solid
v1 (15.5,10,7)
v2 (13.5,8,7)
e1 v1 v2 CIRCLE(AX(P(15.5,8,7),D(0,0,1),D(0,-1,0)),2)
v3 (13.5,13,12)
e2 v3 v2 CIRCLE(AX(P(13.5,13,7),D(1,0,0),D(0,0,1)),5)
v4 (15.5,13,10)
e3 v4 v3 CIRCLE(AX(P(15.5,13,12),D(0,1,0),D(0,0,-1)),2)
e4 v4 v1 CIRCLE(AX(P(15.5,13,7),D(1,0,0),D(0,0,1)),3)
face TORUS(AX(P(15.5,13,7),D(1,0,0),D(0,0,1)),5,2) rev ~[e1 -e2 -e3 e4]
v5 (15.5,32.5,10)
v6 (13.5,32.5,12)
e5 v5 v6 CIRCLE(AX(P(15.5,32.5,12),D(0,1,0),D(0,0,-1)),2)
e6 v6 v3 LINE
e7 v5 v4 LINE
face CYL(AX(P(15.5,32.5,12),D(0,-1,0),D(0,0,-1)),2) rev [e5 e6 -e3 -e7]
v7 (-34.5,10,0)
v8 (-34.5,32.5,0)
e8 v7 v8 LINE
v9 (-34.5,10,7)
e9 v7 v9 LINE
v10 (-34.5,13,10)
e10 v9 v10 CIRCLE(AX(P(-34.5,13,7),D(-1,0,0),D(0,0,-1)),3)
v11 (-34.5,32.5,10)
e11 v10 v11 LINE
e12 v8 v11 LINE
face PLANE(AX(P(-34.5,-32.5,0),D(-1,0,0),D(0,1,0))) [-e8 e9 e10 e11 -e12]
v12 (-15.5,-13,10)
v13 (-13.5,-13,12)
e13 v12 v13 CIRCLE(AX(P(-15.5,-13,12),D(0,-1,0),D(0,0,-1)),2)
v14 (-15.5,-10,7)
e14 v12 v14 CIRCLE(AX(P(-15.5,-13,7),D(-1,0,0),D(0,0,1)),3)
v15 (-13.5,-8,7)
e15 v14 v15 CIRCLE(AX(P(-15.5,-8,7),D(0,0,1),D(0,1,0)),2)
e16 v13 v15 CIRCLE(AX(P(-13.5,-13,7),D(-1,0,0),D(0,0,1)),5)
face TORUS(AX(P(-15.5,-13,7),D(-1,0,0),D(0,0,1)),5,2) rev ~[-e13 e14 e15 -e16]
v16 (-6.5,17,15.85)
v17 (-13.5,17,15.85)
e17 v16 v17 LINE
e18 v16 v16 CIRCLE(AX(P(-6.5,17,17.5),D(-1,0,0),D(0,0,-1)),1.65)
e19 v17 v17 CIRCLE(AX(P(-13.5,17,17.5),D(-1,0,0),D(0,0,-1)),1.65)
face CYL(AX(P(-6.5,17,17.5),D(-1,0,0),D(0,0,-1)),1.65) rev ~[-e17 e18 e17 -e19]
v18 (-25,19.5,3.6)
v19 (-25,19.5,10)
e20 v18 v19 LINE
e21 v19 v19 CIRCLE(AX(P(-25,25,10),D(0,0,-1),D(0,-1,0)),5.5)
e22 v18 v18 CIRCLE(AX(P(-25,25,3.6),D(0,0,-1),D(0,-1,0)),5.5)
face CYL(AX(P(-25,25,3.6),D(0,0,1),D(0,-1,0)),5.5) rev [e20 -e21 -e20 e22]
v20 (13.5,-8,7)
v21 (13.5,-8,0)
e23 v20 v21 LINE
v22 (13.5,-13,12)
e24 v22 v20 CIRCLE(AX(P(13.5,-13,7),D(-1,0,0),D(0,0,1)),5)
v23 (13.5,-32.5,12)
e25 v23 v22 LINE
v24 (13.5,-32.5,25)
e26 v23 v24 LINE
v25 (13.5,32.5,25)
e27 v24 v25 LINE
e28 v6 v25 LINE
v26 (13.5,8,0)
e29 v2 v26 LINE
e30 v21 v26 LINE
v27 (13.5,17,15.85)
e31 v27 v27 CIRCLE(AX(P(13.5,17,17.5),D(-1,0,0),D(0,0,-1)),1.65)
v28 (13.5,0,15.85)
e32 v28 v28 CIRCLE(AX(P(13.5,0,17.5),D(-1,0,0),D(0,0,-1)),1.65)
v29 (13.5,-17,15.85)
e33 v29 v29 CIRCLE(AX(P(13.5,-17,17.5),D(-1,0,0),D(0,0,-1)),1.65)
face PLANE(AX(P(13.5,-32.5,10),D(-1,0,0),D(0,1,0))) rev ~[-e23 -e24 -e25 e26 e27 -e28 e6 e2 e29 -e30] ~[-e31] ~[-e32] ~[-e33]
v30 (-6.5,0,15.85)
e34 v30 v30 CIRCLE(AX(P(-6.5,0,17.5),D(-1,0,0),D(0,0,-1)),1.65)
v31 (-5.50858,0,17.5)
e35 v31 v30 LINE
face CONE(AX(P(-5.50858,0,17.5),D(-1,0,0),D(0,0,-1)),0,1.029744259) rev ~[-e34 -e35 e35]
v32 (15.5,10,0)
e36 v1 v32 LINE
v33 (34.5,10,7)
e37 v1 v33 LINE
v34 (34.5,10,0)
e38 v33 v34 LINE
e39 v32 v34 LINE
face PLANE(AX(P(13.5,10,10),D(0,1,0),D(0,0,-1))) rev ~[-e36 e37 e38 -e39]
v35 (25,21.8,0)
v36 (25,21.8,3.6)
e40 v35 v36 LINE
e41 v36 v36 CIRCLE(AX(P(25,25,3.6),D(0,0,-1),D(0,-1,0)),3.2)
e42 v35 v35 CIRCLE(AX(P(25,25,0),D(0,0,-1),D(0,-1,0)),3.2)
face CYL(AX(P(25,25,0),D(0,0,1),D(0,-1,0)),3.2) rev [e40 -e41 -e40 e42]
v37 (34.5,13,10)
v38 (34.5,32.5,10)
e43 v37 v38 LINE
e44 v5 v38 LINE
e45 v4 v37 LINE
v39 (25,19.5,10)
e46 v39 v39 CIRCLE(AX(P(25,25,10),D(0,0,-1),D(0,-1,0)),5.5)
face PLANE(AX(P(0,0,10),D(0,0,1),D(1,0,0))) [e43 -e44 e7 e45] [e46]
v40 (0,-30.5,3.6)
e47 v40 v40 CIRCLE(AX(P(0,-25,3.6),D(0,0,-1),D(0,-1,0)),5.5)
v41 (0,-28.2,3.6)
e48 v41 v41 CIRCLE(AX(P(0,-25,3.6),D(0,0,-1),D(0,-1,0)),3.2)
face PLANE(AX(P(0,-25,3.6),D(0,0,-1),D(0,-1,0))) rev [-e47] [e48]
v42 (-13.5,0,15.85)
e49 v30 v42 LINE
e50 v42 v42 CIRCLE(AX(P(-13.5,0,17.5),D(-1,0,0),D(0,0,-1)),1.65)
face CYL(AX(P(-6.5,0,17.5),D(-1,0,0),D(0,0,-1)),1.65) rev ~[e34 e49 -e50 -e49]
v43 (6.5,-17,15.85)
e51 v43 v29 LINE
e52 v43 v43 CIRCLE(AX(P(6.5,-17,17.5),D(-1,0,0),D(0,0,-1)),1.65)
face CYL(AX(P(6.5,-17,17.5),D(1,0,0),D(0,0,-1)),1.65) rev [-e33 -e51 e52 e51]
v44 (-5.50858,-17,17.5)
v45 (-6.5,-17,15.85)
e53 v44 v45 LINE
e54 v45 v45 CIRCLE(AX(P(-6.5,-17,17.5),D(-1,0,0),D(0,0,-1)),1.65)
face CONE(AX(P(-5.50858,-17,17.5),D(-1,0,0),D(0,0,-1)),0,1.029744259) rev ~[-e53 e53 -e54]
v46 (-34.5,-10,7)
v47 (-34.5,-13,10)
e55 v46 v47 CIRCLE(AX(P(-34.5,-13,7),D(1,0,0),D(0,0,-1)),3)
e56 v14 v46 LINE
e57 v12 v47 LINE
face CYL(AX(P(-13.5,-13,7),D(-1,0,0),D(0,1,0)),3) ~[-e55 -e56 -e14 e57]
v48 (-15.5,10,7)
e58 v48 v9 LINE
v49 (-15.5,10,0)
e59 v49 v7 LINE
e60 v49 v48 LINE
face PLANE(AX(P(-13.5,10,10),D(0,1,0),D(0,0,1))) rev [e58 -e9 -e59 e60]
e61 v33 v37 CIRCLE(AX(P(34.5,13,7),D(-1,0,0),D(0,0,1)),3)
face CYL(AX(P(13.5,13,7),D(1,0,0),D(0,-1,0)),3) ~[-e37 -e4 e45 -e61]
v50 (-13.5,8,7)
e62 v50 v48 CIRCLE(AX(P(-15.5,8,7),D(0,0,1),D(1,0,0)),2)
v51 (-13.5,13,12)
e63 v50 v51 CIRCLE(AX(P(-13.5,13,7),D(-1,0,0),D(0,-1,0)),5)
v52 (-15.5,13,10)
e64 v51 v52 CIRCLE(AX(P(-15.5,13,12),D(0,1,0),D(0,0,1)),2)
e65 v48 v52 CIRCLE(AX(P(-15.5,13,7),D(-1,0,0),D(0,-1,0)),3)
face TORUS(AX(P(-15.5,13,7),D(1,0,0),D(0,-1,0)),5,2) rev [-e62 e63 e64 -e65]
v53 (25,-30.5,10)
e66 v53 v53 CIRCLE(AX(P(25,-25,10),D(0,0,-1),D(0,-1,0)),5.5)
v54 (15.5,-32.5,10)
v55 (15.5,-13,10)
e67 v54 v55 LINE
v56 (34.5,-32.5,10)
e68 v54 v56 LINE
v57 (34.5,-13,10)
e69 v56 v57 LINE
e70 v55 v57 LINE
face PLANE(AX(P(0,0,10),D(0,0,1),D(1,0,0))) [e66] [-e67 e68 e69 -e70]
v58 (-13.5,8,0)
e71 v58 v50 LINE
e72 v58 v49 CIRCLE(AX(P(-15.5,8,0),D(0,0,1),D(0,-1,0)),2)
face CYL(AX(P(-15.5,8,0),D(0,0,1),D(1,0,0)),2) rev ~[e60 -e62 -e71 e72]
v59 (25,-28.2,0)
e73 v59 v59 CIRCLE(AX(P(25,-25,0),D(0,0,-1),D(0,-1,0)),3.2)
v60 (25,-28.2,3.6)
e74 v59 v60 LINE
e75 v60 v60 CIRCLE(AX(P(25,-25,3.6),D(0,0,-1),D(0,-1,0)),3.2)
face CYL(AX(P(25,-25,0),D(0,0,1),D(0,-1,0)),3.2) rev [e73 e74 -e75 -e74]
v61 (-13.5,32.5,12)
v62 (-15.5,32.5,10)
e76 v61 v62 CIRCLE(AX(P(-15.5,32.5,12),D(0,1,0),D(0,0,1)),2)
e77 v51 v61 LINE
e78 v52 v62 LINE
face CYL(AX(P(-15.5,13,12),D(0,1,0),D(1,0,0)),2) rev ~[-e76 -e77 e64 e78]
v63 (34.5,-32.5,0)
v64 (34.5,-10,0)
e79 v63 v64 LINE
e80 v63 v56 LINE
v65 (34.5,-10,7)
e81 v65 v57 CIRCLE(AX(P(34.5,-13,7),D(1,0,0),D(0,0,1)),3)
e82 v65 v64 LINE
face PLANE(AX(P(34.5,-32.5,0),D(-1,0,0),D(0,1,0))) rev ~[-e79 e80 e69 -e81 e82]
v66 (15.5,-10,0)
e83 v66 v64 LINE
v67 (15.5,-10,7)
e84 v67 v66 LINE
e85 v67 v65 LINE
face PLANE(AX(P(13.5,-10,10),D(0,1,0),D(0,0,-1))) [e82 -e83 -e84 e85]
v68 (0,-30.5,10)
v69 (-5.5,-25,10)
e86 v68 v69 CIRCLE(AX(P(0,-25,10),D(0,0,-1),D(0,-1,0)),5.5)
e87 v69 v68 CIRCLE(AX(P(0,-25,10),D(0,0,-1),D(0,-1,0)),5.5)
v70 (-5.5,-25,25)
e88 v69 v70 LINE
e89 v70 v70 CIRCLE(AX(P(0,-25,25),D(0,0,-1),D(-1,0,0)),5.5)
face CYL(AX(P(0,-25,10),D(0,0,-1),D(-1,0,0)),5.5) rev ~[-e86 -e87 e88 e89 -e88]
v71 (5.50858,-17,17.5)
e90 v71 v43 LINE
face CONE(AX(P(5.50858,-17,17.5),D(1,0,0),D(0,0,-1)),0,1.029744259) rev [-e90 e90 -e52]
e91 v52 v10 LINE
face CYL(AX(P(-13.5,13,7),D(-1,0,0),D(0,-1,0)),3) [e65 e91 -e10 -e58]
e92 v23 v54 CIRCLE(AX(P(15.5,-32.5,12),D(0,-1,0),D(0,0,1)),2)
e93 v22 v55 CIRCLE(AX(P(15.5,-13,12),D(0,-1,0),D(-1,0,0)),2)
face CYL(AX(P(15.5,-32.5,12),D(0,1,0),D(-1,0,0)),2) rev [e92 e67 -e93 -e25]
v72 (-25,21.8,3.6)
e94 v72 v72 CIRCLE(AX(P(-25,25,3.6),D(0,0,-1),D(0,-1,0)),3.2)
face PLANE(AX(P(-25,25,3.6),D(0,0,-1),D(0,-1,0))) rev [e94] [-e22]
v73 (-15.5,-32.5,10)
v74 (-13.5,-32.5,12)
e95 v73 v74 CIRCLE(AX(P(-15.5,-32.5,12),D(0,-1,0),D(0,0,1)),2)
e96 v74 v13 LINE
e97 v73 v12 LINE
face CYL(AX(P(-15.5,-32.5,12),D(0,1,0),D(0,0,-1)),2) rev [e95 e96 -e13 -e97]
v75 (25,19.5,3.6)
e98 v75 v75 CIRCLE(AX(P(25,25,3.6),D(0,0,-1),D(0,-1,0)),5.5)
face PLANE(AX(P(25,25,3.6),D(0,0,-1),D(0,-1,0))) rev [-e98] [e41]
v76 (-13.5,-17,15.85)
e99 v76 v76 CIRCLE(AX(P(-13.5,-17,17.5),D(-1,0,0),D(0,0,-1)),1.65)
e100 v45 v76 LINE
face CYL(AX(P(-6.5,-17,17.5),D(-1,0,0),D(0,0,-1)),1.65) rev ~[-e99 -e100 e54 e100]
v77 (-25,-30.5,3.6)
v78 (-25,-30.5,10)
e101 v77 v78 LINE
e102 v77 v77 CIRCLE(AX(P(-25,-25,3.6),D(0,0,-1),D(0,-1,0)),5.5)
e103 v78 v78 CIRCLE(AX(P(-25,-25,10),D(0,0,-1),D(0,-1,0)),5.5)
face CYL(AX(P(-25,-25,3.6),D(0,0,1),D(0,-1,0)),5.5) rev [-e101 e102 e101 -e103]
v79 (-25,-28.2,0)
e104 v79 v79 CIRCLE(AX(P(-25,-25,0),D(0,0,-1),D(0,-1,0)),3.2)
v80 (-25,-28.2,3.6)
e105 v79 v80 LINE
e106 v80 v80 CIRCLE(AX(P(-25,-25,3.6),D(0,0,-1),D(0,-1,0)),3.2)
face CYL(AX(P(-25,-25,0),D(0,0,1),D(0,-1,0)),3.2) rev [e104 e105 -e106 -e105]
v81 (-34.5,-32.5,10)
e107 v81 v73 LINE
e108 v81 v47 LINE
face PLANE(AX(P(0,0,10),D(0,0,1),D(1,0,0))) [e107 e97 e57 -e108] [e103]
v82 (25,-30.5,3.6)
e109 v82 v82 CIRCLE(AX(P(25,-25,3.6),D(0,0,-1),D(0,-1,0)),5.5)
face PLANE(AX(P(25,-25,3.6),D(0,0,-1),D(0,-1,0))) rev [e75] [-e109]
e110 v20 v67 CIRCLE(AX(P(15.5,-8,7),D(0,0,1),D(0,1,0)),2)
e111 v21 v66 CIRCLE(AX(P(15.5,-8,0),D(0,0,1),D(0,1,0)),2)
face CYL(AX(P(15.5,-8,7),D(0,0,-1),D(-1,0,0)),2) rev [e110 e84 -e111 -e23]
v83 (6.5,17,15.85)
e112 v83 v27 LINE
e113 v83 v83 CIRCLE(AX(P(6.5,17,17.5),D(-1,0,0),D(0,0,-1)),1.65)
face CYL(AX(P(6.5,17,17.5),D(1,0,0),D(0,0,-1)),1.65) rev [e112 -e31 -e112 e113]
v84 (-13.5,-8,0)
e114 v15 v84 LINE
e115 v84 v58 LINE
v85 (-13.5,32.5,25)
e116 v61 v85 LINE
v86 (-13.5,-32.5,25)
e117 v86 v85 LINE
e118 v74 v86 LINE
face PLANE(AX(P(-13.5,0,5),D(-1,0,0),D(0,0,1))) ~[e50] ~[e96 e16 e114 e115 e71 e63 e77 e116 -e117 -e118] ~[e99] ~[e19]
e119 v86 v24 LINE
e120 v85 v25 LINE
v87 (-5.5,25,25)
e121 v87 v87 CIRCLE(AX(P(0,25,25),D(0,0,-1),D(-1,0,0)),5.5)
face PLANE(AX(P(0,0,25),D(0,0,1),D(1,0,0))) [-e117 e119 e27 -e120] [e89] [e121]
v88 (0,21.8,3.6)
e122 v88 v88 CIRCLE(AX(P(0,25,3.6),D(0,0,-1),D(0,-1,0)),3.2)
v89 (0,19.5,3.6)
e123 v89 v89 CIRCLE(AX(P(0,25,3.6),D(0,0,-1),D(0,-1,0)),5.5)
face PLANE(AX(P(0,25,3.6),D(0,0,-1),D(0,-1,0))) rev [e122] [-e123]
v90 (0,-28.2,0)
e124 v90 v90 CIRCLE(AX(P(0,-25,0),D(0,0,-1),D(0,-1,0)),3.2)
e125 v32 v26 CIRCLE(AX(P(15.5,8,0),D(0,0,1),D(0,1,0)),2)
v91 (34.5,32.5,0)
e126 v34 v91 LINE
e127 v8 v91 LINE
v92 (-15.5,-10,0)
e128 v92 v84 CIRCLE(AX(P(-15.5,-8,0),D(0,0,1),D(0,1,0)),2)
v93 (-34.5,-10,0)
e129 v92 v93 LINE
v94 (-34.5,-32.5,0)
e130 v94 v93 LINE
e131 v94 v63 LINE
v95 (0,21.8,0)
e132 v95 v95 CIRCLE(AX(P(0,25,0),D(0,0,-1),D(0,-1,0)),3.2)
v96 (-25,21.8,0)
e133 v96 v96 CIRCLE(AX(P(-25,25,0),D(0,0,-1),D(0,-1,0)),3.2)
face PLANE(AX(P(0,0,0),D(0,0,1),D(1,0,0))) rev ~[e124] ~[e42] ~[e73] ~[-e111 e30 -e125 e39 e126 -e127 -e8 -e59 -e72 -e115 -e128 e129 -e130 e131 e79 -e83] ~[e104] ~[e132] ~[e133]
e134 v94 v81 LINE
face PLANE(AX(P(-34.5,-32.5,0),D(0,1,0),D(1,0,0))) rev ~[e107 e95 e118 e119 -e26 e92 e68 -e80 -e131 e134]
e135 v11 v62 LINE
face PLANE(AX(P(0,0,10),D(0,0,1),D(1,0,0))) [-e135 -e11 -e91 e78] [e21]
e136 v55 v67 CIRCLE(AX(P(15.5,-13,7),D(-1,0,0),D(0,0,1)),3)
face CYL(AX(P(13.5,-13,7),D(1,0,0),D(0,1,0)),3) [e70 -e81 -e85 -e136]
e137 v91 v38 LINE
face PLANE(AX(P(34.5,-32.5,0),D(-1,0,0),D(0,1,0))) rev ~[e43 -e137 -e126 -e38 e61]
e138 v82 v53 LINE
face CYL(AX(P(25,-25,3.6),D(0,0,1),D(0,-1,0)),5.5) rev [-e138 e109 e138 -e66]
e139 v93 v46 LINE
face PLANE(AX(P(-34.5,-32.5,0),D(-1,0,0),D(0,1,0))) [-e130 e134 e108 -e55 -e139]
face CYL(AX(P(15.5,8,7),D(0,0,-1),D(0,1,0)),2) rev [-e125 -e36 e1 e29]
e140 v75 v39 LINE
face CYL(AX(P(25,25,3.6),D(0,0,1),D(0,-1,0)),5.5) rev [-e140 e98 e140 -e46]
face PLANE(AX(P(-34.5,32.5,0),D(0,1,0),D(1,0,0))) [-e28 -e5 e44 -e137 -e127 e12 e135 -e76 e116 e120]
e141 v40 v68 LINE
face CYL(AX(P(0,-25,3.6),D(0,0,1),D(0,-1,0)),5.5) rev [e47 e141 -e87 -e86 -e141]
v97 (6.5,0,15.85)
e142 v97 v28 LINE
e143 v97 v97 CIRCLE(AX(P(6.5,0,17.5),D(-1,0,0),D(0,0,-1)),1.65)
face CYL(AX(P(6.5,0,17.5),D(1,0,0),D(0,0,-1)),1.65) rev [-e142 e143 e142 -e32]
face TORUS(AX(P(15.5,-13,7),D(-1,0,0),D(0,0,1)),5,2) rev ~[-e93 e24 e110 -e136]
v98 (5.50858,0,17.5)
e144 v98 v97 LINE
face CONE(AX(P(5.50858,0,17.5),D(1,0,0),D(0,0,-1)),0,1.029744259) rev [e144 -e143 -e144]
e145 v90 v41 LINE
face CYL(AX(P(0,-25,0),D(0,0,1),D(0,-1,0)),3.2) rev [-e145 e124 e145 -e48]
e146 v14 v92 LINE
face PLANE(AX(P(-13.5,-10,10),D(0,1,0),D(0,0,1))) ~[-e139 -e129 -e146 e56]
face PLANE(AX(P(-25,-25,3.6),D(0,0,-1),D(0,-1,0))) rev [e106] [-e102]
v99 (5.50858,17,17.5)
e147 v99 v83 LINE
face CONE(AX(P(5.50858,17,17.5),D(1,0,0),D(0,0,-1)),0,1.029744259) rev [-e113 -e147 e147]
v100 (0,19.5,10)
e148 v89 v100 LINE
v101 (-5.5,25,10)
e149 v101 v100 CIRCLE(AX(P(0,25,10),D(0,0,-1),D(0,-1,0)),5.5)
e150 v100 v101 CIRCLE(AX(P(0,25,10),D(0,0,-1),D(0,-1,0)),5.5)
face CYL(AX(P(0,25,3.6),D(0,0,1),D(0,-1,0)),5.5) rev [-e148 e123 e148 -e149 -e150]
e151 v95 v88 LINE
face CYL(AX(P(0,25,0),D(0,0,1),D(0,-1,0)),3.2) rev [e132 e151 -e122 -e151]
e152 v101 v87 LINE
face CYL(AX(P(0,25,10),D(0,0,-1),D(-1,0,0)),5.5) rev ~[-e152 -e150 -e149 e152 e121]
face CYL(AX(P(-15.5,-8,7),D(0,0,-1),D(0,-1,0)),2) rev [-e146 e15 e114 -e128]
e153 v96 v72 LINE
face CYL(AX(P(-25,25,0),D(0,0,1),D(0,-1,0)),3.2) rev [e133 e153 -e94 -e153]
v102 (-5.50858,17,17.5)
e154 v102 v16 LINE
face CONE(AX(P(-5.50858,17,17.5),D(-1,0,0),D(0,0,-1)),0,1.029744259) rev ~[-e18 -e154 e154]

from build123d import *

# Parameters (mm, degrees)
SKETCH_1_W                  = 69
SKETCH_1_H                  = 65
EXTRUDE_1_DEPTH             = 10
SKETCH_2_W                  = 27
SKETCH_2_H                  = 65
EXTRUDE_2_DEPTH             = 15
SKETCH_3_W                  = 10
SKETCH_3_H                  = 20
CUT_EXTRUDE_1_DEPTH         = 22
FILLET_1_R                  = 3
FILLET_2_R                  = 2
PATTERN_LINEAR_2_COUNT      = 2
PATTERN_LINEAR_2_PITCH      = 17
PATTERN_LINEAR_2_COL_COUNT  = 2
PATTERN_LINEAR_2_COL_PITCH  = 17
HOLE_WIZARD_M6_1_AT_2_COUNT = 2
HOLE_WIZARD_M6_1_AT_2_PITCH = 50
HOLE_WIZARD_M6_1_AT_3_COUNT = 2
HOLE_WIZARD_M6_1_AT_3_PITCH = 70.710678119
HOLE_WIZARD_M6_1_AT_4_COUNT = 2
HOLE_WIZARD_M6_1_AT_4_PITCH = 50
HOLE_WIZARD_M6_1_AT_5_COUNT = 2
HOLE_WIZARD_M6_1_AT_5_PITCH = 25
HOLE_WIZARD_M6_1_AT_6_COUNT = 2
HOLE_WIZARD_M6_1_AT_6_PITCH = 55.901699437
SKETCH_15_R                 = 5.5
CUT_EXTRUDE_3_DEPTH         = 16


with BuildPart() as part:
    # 스케치1 → 보스-돌출1 (new body)
    with BuildSketch(Plane.XY):
        Rectangle(SKETCH_1_W, SKETCH_1_H)
    extrude(amount=EXTRUDE_1_DEPTH)

    # 스케치2 → 보스-돌출2 (add)
    with BuildSketch(Plane.XY.offset(10)):
        Rectangle(SKETCH_2_W, SKETCH_2_H)
    extrude(amount=EXTRUDE_2_DEPTH)

    # 스케치3 → 컷-돌출1 (cut, through all)
    with BuildSketch(Plane(origin=(13.5, 0, 0), x_dir=(0, 0, -1), z_dir=(1, 0, 0))):
        with Locations((-5, 0)):
            Rectangle(SKETCH_3_W, SKETCH_3_H)
    cut_extrude_1 = extrude(amount=CUT_EXTRUDE_1_DEPTH, mode=Mode.SUBTRACT)

    # 대칭 복사1: 컷-돌출1 across plane
    add(cut_extrude_1.mirror(Plane(origin=(0, 0, 0), x_dir=(0, 0, 1), z_dir=(1, 0, 0))), mode=Mode.SUBTRACT)

    # 필렛1
    fillet_1_edges = [part.edges().sort_by_distance(p)[0] for p in [
        (24, 10, 10),
        (24, -10, 10),
        (-24, -10, 10),
        (-24, 10, 10),
    ]]
    fillet(fillet_1_edges, radius=FILLET_1_R)

    # 필렛2
    fillet_2_edges = [part.edges().sort_by_distance(p)[0] for p in [
        (13.5, -22.75, 10),
        (-13.5, 22.75, 10),
        (13.5, 10, 3.5),
        (-13.5, 10, 3.5),
        (-13.5, -10, 3.5),
        (-13.5, -22.75, 10),
        (13.5, -10, 3.5),
        (13.5, 22.75, 10),
        (-13.5, -10.878679656, 9.121320344),
        (-13.5, 10.878679656, 9.121320344),
        (13.5, -10.878679656, 9.121320344),
        (13.5, 10.878679656, 9.121320344),
    ]]
    fillet(fillet_2_edges, radius=FILLET_2_R)

    # 스케치8 → M4 탭을 위한 탭 드릴1 (revolve, cut)
    with BuildSketch(Plane(origin=(13.5, 0, 17.5), x_dir=(0, 0, -1), z_dir=(0, 1, 0))):
        Polygon((0, 0), (0, 7.991420021), (1.65, 7), (1.65, 0), align=None)
    hole_wizard_m4_1 = revolve(axis=Axis((19.85, 0, 17.5), (-1, 0, 0)), mode=Mode.SUBTRACT)

    # 선형 패턴2: M4 탭을 위한 탭 드릴1 ×2
    with Locations(*[(0, -i * PATTERN_LINEAR_2_PITCH, 0) for i in range(1, PATTERN_LINEAR_2_COUNT)]):
        add(hole_wizard_m4_1, mode=Mode.SUBTRACT)

    # 선형 패턴2 col: M4 탭을 위한 탭 드릴1 ×2
    with Locations(*[(0, i * PATTERN_LINEAR_2_COL_PITCH, 0) for i in range(1, PATTERN_LINEAR_2_COL_COUNT)]):
        add(hole_wizard_m4_1, mode=Mode.SUBTRACT)

    # 대칭 복사3: M4 탭을 위한 탭 드릴1 across plane
    add(hole_wizard_m4_1.mirror(Plane(origin=(0, 0, 0), x_dir=(0, 0, 1), z_dir=(1, 0, 0))), mode=Mode.SUBTRACT)

    # 대칭 복사3 copy 1 sketch → 대칭 복사3 copy 1 (revolve, cut)
    with BuildSketch(Plane(origin=(-13.5, -17, 17.5), x_dir=(0, 0, -1), z_dir=(0, 1, 0))):
        Polygon((0, 0), (0, -7.991420021), (1.65, -7), (1.65, 0), align=None)
    revolve(axis=Axis((-19.85, -17, 17.5), (-1, 0, 0)), mode=Mode.SUBTRACT)

    # 대칭 복사3 copy 2 sketch → 대칭 복사3 copy 2 (revolve, cut)
    with BuildSketch(Plane(origin=(-13.5, 17, 17.5), x_dir=(0, 0, -1), z_dir=(0, 1, 0))):
        Polygon((0, 0), (0, -7.991420021), (1.65, -7), (1.65, 0), align=None)
    revolve(axis=Axis((-19.85, 17, 17.5), (-1, 0, 0)), mode=Mode.SUBTRACT)

    # 스케치14 → M6 육각 소켓 머리 캡 나사용 카운터보어1 (revolve, cut)
    with BuildSketch(Plane(origin=(-25, 25, 10), x_dir=(0, -1, 0), z_dir=(1, 0, 0))):
        Polygon((0, 0), (0, 10), (3.2, 10), (3.2, 6.4), (5.5, 6.4), (5.5, 0), align=None)
    hole_wizard_m6_1 = revolve(axis=Axis((-25, 25, 16.35), (0, 0, -1)), mode=Mode.SUBTRACT)

    # M6 육각 소켓 머리 캡 나사용 카운터보어1 at 2: M6 육각 소켓 머리 캡 나사용 카운터보어1 ×2
    with Locations(*[(0, -i * HOLE_WIZARD_M6_1_AT_2_PITCH, 0) for i in range(1, HOLE_WIZARD_M6_1_AT_2_COUNT)]):
        add(hole_wizard_m6_1, mode=Mode.SUBTRACT)

    # M6 육각 소켓 머리 캡 나사용 카운터보어1 at 3: M6 육각 소켓 머리 캡 나사용 카운터보어1 ×2
    with Locations(*[Vector(0.707106781, -0.707106781, 0) * (i * HOLE_WIZARD_M6_1_AT_3_PITCH) for i in range(1, HOLE_WIZARD_M6_1_AT_3_COUNT)]):
        add(hole_wizard_m6_1, mode=Mode.SUBTRACT)

    # M6 육각 소켓 머리 캡 나사용 카운터보어1 at 4: M6 육각 소켓 머리 캡 나사용 카운터보어1 ×2
    with Locations(*[(i * HOLE_WIZARD_M6_1_AT_4_PITCH, 0, 0) for i in range(1, HOLE_WIZARD_M6_1_AT_4_COUNT)]):
        add(hole_wizard_m6_1, mode=Mode.SUBTRACT)

    # M6 육각 소켓 머리 캡 나사용 카운터보어1 at 5: M6 육각 소켓 머리 캡 나사용 카운터보어1 ×2
    with Locations(*[(i * HOLE_WIZARD_M6_1_AT_5_PITCH, 0, 0) for i in range(1, HOLE_WIZARD_M6_1_AT_5_COUNT)]):
        add(hole_wizard_m6_1, mode=Mode.SUBTRACT)

    # M6 육각 소켓 머리 캡 나사용 카운터보어1 at 6: M6 육각 소켓 머리 캡 나사용 카운터보어1 ×2
    with Locations(*[Vector(0.447213595, -0.894427191, 0) * (i * HOLE_WIZARD_M6_1_AT_6_PITCH) for i in range(1, HOLE_WIZARD_M6_1_AT_6_COUNT)]):
        add(hole_wizard_m6_1, mode=Mode.SUBTRACT)

    # 스케치15 → 컷-돌출3 (cut, through all)
    with BuildSketch(Plane(origin=(0, 0, 10), x_dir=(-1, 0, 0), z_dir=(0, 0, -1))):
        with Locations((0, -25)):
            Circle(SKETCH_15_R)
        with Locations((0, 25)):
            Circle(SKETCH_15_R)
    extrude(amount=-CUT_EXTRUDE_3_DEPTH, mode=Mode.SUBTRACT)


solid = part.part
